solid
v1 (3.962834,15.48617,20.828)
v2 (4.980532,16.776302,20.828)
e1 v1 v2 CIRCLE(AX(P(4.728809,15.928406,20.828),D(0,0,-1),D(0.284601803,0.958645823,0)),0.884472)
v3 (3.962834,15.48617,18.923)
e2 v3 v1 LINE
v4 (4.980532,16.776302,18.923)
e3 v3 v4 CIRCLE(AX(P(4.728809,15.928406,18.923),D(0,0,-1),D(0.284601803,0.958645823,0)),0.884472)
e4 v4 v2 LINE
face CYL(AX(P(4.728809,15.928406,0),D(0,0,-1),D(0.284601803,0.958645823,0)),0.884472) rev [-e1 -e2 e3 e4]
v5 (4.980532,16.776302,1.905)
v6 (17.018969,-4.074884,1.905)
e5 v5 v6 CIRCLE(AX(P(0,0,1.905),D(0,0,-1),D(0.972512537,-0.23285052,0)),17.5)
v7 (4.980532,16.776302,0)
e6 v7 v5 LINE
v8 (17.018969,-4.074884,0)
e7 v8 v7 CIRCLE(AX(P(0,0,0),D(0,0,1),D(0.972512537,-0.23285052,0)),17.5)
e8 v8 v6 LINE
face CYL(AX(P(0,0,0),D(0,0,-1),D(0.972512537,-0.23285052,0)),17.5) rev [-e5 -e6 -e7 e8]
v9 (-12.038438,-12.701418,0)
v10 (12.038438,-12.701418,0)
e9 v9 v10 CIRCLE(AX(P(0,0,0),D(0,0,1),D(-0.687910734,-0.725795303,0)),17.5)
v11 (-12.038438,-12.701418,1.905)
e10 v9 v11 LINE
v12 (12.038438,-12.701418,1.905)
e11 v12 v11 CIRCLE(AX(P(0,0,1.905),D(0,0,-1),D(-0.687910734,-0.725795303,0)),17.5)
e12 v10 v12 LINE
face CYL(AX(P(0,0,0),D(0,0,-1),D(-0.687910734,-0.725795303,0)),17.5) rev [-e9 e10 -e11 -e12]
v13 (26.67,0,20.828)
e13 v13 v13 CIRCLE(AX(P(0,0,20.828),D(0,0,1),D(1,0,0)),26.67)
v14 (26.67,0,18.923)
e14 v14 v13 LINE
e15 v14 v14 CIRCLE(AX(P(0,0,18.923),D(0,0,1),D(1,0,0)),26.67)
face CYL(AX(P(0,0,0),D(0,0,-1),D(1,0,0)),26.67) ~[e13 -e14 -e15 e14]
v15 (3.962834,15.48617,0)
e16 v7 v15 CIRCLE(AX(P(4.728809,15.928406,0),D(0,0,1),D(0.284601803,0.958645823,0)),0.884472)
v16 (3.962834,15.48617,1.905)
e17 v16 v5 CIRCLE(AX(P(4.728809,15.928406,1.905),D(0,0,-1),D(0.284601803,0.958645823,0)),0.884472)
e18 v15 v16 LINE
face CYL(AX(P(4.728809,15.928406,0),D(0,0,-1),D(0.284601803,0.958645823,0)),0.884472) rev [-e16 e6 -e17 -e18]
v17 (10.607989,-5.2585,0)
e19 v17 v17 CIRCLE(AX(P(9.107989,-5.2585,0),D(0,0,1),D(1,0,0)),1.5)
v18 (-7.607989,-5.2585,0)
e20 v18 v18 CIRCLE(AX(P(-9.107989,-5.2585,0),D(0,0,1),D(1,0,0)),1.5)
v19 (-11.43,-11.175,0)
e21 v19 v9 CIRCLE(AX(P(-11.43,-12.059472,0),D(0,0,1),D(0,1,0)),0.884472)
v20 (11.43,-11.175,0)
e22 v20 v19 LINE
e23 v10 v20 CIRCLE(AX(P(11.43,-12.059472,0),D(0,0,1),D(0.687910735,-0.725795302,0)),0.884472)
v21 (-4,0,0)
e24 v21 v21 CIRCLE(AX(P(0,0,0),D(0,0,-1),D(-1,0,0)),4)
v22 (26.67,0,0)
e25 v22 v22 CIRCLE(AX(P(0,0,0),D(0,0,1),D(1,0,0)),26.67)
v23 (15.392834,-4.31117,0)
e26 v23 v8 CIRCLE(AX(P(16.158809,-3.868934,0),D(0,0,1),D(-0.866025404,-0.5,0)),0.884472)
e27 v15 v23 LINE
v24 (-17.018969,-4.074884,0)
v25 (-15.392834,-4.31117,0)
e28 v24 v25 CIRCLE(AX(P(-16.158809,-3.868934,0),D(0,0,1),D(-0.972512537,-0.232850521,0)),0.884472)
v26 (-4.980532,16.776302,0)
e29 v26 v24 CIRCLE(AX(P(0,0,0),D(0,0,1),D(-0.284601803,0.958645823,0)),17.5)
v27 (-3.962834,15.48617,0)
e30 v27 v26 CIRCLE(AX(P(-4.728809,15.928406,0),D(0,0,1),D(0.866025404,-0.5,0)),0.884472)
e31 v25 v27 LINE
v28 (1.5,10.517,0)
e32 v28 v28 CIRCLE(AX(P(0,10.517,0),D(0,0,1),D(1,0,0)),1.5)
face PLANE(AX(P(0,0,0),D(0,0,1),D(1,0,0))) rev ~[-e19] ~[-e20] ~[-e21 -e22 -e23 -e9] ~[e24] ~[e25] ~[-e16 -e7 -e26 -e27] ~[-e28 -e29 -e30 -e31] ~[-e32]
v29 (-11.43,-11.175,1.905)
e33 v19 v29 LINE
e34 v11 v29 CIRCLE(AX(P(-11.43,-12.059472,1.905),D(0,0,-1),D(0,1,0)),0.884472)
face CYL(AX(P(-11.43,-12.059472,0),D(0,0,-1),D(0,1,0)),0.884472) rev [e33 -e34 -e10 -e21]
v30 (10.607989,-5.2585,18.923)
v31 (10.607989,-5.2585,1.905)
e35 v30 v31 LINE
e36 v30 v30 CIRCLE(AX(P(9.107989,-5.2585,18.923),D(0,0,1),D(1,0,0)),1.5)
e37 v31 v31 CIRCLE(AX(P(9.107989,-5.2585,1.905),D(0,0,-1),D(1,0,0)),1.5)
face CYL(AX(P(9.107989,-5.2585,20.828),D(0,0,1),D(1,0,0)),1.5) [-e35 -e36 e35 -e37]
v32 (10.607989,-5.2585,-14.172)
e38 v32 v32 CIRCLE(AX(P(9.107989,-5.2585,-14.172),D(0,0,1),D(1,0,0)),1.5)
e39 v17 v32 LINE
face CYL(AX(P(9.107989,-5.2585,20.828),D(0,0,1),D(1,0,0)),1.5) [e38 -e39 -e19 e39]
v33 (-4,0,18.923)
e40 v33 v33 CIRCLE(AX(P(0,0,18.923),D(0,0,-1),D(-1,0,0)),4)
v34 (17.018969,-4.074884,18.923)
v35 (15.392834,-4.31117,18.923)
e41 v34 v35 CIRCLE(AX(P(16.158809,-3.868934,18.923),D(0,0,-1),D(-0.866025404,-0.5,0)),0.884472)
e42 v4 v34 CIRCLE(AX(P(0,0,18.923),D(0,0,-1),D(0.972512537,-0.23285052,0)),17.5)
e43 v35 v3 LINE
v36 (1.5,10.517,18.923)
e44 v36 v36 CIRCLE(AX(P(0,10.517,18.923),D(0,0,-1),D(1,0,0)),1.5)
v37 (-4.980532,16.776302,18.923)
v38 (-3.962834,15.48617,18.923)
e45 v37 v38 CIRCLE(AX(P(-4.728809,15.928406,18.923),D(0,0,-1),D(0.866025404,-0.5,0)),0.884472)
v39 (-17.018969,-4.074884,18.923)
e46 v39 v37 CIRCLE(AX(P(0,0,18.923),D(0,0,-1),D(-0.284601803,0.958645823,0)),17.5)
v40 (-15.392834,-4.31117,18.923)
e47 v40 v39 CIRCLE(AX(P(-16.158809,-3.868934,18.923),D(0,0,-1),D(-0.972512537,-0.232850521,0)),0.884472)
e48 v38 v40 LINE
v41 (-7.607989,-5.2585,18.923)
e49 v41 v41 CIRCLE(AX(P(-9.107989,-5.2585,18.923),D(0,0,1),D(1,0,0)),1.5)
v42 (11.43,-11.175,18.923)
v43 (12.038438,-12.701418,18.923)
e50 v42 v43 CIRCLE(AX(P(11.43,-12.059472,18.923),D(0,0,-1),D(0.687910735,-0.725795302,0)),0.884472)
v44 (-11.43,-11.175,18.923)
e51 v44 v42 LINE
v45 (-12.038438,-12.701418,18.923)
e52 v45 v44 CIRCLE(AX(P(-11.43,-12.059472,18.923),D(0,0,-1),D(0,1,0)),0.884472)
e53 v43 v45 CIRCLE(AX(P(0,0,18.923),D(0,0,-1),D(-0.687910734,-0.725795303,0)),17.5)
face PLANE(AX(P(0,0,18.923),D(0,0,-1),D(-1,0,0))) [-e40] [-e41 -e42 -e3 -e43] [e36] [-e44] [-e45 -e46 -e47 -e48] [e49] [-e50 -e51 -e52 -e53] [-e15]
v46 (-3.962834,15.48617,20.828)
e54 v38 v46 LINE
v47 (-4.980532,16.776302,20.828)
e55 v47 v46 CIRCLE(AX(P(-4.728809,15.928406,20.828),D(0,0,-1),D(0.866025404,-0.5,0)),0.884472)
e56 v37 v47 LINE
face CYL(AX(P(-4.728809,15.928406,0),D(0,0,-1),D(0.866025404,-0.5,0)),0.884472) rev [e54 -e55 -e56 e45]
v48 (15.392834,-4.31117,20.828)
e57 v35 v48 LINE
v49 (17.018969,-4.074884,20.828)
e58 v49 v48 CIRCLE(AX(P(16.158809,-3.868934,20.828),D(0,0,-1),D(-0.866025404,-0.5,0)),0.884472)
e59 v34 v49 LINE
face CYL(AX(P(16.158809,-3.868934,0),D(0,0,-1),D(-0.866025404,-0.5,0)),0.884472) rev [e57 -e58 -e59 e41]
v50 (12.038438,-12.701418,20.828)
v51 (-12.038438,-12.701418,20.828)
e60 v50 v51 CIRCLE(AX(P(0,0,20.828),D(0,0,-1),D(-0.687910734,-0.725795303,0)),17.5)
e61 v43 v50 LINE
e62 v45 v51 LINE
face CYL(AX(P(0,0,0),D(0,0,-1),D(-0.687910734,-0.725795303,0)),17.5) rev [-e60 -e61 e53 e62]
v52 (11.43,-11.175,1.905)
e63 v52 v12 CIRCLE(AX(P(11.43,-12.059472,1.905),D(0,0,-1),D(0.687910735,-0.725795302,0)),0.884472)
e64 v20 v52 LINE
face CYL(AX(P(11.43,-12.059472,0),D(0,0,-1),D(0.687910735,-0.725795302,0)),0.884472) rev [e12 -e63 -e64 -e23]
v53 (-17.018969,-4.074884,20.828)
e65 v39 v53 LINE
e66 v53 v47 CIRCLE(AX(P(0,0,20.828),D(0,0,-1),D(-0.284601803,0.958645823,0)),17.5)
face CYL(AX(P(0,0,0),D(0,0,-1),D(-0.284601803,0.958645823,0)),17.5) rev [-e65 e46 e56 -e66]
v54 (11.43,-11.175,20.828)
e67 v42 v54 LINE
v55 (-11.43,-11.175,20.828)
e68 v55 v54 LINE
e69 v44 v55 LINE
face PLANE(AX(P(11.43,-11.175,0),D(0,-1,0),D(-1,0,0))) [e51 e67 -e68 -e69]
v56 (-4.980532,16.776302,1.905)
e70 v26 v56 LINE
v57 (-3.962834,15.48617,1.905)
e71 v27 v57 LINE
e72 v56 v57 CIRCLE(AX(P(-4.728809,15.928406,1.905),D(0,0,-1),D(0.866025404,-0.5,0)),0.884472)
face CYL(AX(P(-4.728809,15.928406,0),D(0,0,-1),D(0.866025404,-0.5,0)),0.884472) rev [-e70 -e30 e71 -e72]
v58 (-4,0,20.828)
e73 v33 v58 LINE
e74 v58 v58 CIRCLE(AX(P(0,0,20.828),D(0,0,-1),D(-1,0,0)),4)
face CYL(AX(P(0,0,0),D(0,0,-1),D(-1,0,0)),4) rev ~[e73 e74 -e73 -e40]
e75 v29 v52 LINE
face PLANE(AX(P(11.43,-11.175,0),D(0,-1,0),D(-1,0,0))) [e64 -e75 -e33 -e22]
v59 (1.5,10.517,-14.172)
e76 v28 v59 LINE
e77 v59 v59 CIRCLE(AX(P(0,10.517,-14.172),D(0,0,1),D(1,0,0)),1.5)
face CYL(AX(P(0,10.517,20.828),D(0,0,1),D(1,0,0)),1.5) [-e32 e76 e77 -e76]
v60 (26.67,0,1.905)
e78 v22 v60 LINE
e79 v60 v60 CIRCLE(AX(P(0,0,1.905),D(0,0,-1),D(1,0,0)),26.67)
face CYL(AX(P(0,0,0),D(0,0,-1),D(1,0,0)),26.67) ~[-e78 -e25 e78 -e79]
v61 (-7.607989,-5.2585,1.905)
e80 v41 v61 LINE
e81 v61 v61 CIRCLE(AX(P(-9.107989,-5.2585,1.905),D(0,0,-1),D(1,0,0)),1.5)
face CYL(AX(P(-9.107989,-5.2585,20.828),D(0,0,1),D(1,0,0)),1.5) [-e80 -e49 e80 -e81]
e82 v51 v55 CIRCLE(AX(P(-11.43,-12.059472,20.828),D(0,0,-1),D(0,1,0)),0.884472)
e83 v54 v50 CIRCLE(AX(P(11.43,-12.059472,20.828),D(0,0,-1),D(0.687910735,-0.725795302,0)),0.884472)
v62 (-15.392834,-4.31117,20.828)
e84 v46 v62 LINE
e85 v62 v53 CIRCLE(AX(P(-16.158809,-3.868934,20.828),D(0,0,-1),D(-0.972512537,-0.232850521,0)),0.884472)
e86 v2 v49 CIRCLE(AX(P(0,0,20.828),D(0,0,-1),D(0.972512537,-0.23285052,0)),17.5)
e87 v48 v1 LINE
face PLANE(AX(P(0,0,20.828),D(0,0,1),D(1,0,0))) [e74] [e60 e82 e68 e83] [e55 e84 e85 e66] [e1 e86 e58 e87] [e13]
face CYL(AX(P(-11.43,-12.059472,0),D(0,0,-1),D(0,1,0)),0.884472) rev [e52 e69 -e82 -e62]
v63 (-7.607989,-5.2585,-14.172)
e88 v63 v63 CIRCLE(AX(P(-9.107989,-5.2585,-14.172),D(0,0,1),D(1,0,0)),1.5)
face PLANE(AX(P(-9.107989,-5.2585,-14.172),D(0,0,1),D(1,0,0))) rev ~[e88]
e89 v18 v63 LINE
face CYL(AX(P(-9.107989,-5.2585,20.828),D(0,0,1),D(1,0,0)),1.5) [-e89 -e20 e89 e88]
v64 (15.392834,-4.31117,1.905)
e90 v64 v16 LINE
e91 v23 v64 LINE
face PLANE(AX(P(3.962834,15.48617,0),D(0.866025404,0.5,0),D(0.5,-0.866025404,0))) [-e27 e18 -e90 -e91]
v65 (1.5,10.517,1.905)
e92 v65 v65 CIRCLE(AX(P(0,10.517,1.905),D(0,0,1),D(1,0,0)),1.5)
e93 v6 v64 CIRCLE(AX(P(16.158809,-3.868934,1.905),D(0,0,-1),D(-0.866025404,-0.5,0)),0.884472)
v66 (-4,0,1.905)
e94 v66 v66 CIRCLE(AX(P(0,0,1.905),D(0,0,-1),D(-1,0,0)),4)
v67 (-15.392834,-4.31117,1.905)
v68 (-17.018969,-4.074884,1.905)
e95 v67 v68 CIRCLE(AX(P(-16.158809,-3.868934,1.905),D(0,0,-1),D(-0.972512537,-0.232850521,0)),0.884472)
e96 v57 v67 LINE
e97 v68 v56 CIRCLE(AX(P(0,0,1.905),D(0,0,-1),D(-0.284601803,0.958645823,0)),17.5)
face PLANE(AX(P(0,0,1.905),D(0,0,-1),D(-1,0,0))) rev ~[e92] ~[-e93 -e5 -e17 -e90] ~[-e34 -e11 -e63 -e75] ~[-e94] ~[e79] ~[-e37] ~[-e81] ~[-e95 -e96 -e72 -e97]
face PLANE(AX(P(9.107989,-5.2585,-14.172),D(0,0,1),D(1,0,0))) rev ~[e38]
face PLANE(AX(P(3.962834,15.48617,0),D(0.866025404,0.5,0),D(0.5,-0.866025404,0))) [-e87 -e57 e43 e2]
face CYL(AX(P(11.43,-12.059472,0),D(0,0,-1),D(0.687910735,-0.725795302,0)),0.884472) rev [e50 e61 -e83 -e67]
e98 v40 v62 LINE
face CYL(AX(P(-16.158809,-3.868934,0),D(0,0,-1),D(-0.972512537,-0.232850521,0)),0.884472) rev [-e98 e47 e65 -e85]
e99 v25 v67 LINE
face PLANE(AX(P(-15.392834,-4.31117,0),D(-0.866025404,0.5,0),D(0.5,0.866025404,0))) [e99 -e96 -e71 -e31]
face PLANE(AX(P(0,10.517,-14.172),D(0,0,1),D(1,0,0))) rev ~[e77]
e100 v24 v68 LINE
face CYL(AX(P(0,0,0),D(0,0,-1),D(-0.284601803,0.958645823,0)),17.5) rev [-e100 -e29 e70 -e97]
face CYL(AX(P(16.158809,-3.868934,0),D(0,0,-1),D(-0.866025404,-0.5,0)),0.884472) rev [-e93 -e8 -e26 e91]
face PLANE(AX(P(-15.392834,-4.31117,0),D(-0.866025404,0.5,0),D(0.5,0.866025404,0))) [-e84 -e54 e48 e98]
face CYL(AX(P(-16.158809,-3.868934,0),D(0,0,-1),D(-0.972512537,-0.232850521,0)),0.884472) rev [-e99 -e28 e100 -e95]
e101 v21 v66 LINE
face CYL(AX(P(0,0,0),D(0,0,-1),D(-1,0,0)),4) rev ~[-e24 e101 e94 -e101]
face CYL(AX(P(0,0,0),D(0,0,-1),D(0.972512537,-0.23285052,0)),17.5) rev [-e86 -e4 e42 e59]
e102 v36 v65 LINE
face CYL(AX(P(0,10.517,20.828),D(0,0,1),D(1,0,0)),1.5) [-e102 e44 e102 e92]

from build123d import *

# Parameters (mm, degrees)
SKETCH1_R           = 26.67
BOSS_EXTRUDE1_DEPTH = 20.828
SKETCH4_R           = 1.5
SKETCH4_R_2         = 4
CUT_EXTRUDE2_DEPTH  = 21.828
CUT_EXTRUDE3_START  = -10.414
SKETCH5_R           = 26.67
CUT_EXTRUDE3_DEPTH  = 8.509
BOSS_EXTRUDE2_START = 10.414
SKETCH9_R           = 1.5
BOSS_EXTRUDE2_DEPTH = 35


with BuildPart() as part:
    # Sketch1 → Boss-Extrude1 (new body)
    with BuildSketch(Plane.XY):
        Circle(SKETCH1_R)
    extrude(amount=BOSS_EXTRUDE1_DEPTH)

    # Sketch4 → Cut-Extrude2 (cut, through all)
    with BuildSketch(Plane(origin=(0, 0, 0), x_dir=(-1, 0, 0), z_dir=(0, 0, -1))):
        with Locations((0, 10.517)):
            Circle(SKETCH4_R)
        with Locations((9.107989172, -5.2585)):
            Circle(SKETCH4_R)
        with Locations((-9.107989172, -5.2585)):
            Circle(SKETCH4_R)
        Circle(SKETCH4_R_2)
        with BuildLine():
            Line((-3.962833887, 15.486170365), (-15.392833887, -4.311170365))
            ThreePointArc((-15.392833887, -4.311170365), (-16.285992128, -4.744214498), (-17.018969403, -4.074884104))
            ThreePointArc((-17.018969403, -4.074884104), (-15.155444566, 8.75), (-4.98053155, 16.776301901))
            ThreePointArc((-4.98053155, 16.776301901), (-4.034385787, 16.476190157), (-3.962833887, 15.486170365))
        make_face()
        with BuildLine():
            Line((15.392833887, -4.311170365), (3.962833887, 15.486170365))
            ThreePointArc((3.962833887, 15.486170365), (4.034385787, 16.476190157), (4.98053155, 16.776301901))
            ThreePointArc((4.98053155, 16.776301901), (15.155444566, 8.75), (17.018969403, -4.074884104))
            ThreePointArc((17.018969403, -4.074884104), (16.285992128, -4.744214498), (15.392833887, -4.311170365))
        make_face()
        with BuildLine():
            Line((-11.43, -11.175), (11.43, -11.175))
            ThreePointArc((11.43, -11.175), (12.25160634, -11.731975659), (12.038437853, -12.701417798))
            ThreePointArc((12.038437853, -12.701417798), (0, -17.5), (-12.038437853, -12.701417798))
            ThreePointArc((-12.038437853, -12.701417798), (-12.25160634, -11.731975659), (-11.43, -11.175))
        make_face()
    extrude(amount=-CUT_EXTRUDE2_DEPTH, mode=Mode.SUBTRACT)

    # Sketch5 → Cut-Extrude3 (cut, symmetric)
    with BuildSketch(Plane(origin=(0, 0, 0), x_dir=(-1, 0, 0), z_dir=(0, 0, -1)).offset(CUT_EXTRUDE3_START)):
        Circle(SKETCH5_R)
    extrude(amount=CUT_EXTRUDE3_DEPTH, both=True, mode=Mode.SUBTRACT)

    # Sketch9 → Boss-Extrude2 (add)
    with BuildSketch(Plane.XY.offset(10.414).offset(BOSS_EXTRUDE2_START)):
        with Locations((0, 10.517)):
            Circle(SKETCH9_R)
        with Locations((9.107989172, -5.2585)):
            Circle(SKETCH9_R)
        with Locations((-9.107989172, -5.2585)):
            Circle(SKETCH9_R)
    extrude(amount=-BOSS_EXTRUDE2_DEPTH)


solid = part.part
